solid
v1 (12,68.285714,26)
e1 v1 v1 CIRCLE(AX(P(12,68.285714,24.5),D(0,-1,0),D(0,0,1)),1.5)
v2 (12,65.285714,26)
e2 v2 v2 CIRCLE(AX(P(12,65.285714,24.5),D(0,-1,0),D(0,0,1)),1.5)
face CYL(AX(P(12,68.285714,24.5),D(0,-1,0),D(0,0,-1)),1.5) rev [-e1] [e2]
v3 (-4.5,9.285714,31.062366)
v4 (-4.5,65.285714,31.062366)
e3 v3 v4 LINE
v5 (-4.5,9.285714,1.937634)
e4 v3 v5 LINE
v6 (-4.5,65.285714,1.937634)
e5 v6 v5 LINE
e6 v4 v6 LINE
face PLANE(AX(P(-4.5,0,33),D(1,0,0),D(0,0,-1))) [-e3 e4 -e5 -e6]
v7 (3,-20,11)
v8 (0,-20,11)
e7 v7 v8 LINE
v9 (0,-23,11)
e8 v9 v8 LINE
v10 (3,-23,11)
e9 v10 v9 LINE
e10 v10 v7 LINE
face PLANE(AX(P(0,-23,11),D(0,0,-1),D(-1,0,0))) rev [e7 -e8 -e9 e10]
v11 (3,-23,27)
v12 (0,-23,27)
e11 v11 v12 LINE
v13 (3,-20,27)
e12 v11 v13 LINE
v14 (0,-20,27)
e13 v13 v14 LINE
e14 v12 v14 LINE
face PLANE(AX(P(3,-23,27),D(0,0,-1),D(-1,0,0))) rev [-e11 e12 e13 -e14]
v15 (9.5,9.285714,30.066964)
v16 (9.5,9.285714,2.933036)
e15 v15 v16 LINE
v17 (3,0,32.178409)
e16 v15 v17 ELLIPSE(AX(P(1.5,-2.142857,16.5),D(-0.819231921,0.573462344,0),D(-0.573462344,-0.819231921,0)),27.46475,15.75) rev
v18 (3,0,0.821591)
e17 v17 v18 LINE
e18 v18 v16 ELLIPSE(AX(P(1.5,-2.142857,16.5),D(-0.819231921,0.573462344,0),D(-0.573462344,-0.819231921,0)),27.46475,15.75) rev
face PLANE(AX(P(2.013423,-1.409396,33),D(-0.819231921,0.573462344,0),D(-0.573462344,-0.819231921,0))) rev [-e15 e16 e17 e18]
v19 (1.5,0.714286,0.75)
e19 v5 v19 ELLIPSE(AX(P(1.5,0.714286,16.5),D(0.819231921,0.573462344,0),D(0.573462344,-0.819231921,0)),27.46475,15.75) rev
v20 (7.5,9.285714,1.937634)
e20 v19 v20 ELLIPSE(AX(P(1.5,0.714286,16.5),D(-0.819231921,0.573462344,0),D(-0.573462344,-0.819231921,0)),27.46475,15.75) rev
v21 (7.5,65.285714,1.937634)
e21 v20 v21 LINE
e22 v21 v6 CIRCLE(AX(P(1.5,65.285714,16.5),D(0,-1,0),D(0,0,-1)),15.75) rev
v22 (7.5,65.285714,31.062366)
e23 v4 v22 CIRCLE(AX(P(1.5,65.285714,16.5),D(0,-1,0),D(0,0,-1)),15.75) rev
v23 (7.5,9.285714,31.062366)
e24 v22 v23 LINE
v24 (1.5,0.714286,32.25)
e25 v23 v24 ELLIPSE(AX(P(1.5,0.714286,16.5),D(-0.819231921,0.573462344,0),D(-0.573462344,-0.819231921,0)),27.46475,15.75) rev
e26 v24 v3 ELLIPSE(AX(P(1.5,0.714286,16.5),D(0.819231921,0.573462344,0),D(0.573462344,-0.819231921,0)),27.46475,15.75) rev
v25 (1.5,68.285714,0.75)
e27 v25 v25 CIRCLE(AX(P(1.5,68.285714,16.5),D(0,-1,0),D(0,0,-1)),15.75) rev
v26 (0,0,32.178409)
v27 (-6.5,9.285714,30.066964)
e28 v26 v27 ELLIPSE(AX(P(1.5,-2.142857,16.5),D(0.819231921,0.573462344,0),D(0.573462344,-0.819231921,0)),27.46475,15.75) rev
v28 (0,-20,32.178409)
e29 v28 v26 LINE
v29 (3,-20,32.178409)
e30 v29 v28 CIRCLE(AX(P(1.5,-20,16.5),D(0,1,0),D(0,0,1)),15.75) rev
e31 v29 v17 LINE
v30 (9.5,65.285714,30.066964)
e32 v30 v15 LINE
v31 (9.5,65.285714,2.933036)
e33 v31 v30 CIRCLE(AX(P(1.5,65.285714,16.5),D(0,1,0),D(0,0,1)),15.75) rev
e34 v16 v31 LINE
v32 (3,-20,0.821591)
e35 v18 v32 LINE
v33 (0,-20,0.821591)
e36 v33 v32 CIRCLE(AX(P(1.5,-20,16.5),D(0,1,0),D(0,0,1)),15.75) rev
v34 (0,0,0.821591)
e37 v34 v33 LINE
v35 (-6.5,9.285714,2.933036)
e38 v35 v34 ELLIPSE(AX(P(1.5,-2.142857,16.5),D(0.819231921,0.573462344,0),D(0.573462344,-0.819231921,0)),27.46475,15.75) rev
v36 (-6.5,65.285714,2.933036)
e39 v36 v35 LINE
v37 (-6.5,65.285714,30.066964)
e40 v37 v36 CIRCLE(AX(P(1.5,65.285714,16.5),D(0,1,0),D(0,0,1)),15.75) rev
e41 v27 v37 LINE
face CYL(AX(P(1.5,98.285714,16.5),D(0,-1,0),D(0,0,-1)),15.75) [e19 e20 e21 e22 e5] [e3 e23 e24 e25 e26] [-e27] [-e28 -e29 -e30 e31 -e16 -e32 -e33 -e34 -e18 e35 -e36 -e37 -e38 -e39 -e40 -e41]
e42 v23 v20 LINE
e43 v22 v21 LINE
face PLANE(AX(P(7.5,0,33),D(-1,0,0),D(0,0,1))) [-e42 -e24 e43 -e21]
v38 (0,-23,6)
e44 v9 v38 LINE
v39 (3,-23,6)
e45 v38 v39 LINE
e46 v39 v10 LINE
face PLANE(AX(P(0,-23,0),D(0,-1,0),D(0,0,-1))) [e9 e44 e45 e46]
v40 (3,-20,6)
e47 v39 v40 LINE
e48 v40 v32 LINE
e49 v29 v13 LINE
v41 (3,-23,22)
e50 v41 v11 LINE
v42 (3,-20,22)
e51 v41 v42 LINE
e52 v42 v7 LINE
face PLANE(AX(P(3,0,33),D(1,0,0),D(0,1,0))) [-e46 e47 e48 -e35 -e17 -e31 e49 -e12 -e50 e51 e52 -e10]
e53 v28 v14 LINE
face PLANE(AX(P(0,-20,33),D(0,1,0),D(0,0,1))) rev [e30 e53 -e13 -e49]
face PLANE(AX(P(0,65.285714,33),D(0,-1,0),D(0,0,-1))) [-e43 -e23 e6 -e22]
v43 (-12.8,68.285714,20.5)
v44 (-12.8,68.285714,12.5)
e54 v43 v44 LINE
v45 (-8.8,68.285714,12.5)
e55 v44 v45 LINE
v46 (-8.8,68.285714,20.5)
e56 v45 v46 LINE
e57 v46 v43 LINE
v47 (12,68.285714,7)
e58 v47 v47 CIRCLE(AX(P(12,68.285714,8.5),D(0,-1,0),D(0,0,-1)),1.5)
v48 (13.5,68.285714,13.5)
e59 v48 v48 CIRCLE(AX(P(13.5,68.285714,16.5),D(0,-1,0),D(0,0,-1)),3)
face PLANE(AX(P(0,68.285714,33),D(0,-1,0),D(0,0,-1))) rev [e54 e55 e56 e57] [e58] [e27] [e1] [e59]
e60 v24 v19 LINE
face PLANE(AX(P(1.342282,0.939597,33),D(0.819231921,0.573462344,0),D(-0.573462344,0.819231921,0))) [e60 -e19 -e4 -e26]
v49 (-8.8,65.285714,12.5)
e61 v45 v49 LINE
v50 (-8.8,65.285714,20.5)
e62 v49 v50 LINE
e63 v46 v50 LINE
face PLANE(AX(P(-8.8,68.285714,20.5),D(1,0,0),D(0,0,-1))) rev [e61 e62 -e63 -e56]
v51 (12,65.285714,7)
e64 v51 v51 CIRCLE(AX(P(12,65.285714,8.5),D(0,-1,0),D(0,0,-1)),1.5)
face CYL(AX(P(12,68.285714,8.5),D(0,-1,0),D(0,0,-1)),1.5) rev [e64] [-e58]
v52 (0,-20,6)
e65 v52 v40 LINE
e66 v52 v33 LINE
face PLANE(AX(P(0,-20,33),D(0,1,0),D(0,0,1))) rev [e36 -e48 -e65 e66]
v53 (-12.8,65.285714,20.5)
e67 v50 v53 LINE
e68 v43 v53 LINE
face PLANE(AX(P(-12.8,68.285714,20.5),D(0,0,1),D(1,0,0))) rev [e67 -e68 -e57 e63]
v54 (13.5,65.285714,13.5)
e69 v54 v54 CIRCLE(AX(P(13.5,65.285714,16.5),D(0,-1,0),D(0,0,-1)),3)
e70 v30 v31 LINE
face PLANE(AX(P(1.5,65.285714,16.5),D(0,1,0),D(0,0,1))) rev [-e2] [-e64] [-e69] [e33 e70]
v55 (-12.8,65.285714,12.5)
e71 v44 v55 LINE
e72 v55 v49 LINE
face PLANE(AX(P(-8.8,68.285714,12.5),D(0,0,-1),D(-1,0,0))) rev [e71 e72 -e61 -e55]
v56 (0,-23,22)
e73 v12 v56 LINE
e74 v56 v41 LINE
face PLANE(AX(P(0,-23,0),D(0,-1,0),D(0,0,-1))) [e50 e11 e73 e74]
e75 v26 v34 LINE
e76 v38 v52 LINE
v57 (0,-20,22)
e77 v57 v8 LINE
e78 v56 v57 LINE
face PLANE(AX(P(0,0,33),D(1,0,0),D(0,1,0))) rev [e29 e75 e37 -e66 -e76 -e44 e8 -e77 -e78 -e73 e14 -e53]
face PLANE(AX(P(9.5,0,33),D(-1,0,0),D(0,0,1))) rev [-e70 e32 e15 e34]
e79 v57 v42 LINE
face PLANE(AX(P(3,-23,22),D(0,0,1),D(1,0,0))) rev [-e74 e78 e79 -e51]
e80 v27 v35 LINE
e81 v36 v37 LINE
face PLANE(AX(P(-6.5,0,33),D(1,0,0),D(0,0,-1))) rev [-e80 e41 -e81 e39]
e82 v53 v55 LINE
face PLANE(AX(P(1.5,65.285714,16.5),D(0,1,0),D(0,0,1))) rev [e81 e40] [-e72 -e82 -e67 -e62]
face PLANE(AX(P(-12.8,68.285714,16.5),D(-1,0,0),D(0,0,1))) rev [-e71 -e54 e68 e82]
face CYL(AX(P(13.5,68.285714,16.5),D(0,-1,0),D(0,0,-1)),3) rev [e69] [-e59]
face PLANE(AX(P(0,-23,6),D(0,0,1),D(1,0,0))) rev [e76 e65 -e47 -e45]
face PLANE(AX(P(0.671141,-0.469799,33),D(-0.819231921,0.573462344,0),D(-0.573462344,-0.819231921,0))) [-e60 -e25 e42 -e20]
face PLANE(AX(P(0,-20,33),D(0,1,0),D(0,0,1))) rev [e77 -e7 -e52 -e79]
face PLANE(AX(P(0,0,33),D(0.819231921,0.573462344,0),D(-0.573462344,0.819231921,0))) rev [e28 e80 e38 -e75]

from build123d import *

# Parameters (mm, degrees)
BOSS_EXTRU_1_DEPTH                   = 33
ESQUISSE3_R                          = 16.5
BOSS_EXTRU_2_DEPTH                   = 3
ESQUISSE4_R                          = 3
ESQUISSE4_R_2                        = 1.5
ENL_V_MAT_EXTRU_1_DEPTH              = 94.202215967
ESQUISSE5_W                          = 3
ESQUISSE5_H                          = 5
BOSS_EXTRU_3_DEPTH                   = 3
ENL_V_DE_MAT_EXTRU_MINCE2_DEPTH      = 30
ENL_V_DE_MAT_EXTRU_MINCE2_DEPTH_BACK = 90
ESQUISSE2_R                          = 35.75
ESQUISSE2_R_2                        = 15.75


with BuildPart() as part:
    # Esquisse1 → Boss.-Extru.1 (new body)
    with BuildSketch(Plane.XY):
        Polygon((3, 0), (9.5, 9.285714286), (9.5, 68.285714286), (-6.5, 68.285714286), (-6.5, 9.285714286), (0, 0), (0, -20), (3, -20), align=None)
        Polygon((7.5, 9.285714286), (7.5, 65.285714286), (-4.5, 65.285714286), (-4.5, 9.285714286), (1.5, 0.714285714), align=None, mode=Mode.SUBTRACT)
    extrude(amount=BOSS_EXTRU_1_DEPTH)

    # Esquisse3 → Boss.-Extru.2 (add)
    with BuildSketch(Plane(origin=(0, 68.285714286, 0), x_dir=(1, 0, 0), z_dir=(0, 1, 0))):
        with Locations((1.5, -16.5)):
            Circle(ESQUISSE3_R)
    extrude(amount=-BOSS_EXTRU_2_DEPTH)

    # Esquisse4 → Enlèv. mat.-Extru.1 (cut, through all)
    with BuildSketch(Plane.XZ.offset(-65.285714286)):
        with Locations(Location((13.5, 16.5, 0), (0, 0, 270))):
            Circle(ESQUISSE4_R)
        with Locations(Location((12, 8.5, 0), (0, 0, 270))):
            Circle(ESQUISSE4_R_2)
        with Locations(Location((12, 24.5, 0), (0, 0, 90))):
            Circle(ESQUISSE4_R_2)
        Polygon((-12.8, 16.5), (-12.8, 20.5), (-8.8, 20.5), (-8.8, 12.5), (-12.8, 12.5), align=None)
    extrude(amount=-ENL_V_MAT_EXTRU_1_DEPTH, mode=Mode.SUBTRACT)

    # Esquisse5 → Boss.-Extru.3 (add)
    with BuildSketch(Plane.XZ.offset(20)):
        with Locations((1.5, 24.5)):
            Rectangle(ESQUISSE5_W, ESQUISSE5_H)
        with Locations((1.5, 8.5)):
            Rectangle(ESQUISSE5_W, ESQUISSE5_H)
    extrude(amount=BOSS_EXTRU_3_DEPTH)

    # Esquisse2 → Enlèv. de mat.-Extru.-Mince2 (cut, two sides: drawn at the far end of the back side and taken through both)
    with BuildSketch(Plane(origin=(0, 68.285714286, 0), x_dir=(1, 0, 0), z_dir=(0, 1, 0)).offset(-ENL_V_DE_MAT_EXTRU_MINCE2_DEPTH_BACK)):
        with Locations((1.5, -16.5)):
            Circle(ESQUISSE2_R)
        with Locations((1.5, -16.5)):
            Circle(ESQUISSE2_R_2, mode=Mode.SUBTRACT)
    extrude(amount=ENL_V_DE_MAT_EXTRU_MINCE2_DEPTH + ENL_V_DE_MAT_EXTRU_MINCE2_DEPTH_BACK, mode=Mode.SUBTRACT)


solid = part.part
